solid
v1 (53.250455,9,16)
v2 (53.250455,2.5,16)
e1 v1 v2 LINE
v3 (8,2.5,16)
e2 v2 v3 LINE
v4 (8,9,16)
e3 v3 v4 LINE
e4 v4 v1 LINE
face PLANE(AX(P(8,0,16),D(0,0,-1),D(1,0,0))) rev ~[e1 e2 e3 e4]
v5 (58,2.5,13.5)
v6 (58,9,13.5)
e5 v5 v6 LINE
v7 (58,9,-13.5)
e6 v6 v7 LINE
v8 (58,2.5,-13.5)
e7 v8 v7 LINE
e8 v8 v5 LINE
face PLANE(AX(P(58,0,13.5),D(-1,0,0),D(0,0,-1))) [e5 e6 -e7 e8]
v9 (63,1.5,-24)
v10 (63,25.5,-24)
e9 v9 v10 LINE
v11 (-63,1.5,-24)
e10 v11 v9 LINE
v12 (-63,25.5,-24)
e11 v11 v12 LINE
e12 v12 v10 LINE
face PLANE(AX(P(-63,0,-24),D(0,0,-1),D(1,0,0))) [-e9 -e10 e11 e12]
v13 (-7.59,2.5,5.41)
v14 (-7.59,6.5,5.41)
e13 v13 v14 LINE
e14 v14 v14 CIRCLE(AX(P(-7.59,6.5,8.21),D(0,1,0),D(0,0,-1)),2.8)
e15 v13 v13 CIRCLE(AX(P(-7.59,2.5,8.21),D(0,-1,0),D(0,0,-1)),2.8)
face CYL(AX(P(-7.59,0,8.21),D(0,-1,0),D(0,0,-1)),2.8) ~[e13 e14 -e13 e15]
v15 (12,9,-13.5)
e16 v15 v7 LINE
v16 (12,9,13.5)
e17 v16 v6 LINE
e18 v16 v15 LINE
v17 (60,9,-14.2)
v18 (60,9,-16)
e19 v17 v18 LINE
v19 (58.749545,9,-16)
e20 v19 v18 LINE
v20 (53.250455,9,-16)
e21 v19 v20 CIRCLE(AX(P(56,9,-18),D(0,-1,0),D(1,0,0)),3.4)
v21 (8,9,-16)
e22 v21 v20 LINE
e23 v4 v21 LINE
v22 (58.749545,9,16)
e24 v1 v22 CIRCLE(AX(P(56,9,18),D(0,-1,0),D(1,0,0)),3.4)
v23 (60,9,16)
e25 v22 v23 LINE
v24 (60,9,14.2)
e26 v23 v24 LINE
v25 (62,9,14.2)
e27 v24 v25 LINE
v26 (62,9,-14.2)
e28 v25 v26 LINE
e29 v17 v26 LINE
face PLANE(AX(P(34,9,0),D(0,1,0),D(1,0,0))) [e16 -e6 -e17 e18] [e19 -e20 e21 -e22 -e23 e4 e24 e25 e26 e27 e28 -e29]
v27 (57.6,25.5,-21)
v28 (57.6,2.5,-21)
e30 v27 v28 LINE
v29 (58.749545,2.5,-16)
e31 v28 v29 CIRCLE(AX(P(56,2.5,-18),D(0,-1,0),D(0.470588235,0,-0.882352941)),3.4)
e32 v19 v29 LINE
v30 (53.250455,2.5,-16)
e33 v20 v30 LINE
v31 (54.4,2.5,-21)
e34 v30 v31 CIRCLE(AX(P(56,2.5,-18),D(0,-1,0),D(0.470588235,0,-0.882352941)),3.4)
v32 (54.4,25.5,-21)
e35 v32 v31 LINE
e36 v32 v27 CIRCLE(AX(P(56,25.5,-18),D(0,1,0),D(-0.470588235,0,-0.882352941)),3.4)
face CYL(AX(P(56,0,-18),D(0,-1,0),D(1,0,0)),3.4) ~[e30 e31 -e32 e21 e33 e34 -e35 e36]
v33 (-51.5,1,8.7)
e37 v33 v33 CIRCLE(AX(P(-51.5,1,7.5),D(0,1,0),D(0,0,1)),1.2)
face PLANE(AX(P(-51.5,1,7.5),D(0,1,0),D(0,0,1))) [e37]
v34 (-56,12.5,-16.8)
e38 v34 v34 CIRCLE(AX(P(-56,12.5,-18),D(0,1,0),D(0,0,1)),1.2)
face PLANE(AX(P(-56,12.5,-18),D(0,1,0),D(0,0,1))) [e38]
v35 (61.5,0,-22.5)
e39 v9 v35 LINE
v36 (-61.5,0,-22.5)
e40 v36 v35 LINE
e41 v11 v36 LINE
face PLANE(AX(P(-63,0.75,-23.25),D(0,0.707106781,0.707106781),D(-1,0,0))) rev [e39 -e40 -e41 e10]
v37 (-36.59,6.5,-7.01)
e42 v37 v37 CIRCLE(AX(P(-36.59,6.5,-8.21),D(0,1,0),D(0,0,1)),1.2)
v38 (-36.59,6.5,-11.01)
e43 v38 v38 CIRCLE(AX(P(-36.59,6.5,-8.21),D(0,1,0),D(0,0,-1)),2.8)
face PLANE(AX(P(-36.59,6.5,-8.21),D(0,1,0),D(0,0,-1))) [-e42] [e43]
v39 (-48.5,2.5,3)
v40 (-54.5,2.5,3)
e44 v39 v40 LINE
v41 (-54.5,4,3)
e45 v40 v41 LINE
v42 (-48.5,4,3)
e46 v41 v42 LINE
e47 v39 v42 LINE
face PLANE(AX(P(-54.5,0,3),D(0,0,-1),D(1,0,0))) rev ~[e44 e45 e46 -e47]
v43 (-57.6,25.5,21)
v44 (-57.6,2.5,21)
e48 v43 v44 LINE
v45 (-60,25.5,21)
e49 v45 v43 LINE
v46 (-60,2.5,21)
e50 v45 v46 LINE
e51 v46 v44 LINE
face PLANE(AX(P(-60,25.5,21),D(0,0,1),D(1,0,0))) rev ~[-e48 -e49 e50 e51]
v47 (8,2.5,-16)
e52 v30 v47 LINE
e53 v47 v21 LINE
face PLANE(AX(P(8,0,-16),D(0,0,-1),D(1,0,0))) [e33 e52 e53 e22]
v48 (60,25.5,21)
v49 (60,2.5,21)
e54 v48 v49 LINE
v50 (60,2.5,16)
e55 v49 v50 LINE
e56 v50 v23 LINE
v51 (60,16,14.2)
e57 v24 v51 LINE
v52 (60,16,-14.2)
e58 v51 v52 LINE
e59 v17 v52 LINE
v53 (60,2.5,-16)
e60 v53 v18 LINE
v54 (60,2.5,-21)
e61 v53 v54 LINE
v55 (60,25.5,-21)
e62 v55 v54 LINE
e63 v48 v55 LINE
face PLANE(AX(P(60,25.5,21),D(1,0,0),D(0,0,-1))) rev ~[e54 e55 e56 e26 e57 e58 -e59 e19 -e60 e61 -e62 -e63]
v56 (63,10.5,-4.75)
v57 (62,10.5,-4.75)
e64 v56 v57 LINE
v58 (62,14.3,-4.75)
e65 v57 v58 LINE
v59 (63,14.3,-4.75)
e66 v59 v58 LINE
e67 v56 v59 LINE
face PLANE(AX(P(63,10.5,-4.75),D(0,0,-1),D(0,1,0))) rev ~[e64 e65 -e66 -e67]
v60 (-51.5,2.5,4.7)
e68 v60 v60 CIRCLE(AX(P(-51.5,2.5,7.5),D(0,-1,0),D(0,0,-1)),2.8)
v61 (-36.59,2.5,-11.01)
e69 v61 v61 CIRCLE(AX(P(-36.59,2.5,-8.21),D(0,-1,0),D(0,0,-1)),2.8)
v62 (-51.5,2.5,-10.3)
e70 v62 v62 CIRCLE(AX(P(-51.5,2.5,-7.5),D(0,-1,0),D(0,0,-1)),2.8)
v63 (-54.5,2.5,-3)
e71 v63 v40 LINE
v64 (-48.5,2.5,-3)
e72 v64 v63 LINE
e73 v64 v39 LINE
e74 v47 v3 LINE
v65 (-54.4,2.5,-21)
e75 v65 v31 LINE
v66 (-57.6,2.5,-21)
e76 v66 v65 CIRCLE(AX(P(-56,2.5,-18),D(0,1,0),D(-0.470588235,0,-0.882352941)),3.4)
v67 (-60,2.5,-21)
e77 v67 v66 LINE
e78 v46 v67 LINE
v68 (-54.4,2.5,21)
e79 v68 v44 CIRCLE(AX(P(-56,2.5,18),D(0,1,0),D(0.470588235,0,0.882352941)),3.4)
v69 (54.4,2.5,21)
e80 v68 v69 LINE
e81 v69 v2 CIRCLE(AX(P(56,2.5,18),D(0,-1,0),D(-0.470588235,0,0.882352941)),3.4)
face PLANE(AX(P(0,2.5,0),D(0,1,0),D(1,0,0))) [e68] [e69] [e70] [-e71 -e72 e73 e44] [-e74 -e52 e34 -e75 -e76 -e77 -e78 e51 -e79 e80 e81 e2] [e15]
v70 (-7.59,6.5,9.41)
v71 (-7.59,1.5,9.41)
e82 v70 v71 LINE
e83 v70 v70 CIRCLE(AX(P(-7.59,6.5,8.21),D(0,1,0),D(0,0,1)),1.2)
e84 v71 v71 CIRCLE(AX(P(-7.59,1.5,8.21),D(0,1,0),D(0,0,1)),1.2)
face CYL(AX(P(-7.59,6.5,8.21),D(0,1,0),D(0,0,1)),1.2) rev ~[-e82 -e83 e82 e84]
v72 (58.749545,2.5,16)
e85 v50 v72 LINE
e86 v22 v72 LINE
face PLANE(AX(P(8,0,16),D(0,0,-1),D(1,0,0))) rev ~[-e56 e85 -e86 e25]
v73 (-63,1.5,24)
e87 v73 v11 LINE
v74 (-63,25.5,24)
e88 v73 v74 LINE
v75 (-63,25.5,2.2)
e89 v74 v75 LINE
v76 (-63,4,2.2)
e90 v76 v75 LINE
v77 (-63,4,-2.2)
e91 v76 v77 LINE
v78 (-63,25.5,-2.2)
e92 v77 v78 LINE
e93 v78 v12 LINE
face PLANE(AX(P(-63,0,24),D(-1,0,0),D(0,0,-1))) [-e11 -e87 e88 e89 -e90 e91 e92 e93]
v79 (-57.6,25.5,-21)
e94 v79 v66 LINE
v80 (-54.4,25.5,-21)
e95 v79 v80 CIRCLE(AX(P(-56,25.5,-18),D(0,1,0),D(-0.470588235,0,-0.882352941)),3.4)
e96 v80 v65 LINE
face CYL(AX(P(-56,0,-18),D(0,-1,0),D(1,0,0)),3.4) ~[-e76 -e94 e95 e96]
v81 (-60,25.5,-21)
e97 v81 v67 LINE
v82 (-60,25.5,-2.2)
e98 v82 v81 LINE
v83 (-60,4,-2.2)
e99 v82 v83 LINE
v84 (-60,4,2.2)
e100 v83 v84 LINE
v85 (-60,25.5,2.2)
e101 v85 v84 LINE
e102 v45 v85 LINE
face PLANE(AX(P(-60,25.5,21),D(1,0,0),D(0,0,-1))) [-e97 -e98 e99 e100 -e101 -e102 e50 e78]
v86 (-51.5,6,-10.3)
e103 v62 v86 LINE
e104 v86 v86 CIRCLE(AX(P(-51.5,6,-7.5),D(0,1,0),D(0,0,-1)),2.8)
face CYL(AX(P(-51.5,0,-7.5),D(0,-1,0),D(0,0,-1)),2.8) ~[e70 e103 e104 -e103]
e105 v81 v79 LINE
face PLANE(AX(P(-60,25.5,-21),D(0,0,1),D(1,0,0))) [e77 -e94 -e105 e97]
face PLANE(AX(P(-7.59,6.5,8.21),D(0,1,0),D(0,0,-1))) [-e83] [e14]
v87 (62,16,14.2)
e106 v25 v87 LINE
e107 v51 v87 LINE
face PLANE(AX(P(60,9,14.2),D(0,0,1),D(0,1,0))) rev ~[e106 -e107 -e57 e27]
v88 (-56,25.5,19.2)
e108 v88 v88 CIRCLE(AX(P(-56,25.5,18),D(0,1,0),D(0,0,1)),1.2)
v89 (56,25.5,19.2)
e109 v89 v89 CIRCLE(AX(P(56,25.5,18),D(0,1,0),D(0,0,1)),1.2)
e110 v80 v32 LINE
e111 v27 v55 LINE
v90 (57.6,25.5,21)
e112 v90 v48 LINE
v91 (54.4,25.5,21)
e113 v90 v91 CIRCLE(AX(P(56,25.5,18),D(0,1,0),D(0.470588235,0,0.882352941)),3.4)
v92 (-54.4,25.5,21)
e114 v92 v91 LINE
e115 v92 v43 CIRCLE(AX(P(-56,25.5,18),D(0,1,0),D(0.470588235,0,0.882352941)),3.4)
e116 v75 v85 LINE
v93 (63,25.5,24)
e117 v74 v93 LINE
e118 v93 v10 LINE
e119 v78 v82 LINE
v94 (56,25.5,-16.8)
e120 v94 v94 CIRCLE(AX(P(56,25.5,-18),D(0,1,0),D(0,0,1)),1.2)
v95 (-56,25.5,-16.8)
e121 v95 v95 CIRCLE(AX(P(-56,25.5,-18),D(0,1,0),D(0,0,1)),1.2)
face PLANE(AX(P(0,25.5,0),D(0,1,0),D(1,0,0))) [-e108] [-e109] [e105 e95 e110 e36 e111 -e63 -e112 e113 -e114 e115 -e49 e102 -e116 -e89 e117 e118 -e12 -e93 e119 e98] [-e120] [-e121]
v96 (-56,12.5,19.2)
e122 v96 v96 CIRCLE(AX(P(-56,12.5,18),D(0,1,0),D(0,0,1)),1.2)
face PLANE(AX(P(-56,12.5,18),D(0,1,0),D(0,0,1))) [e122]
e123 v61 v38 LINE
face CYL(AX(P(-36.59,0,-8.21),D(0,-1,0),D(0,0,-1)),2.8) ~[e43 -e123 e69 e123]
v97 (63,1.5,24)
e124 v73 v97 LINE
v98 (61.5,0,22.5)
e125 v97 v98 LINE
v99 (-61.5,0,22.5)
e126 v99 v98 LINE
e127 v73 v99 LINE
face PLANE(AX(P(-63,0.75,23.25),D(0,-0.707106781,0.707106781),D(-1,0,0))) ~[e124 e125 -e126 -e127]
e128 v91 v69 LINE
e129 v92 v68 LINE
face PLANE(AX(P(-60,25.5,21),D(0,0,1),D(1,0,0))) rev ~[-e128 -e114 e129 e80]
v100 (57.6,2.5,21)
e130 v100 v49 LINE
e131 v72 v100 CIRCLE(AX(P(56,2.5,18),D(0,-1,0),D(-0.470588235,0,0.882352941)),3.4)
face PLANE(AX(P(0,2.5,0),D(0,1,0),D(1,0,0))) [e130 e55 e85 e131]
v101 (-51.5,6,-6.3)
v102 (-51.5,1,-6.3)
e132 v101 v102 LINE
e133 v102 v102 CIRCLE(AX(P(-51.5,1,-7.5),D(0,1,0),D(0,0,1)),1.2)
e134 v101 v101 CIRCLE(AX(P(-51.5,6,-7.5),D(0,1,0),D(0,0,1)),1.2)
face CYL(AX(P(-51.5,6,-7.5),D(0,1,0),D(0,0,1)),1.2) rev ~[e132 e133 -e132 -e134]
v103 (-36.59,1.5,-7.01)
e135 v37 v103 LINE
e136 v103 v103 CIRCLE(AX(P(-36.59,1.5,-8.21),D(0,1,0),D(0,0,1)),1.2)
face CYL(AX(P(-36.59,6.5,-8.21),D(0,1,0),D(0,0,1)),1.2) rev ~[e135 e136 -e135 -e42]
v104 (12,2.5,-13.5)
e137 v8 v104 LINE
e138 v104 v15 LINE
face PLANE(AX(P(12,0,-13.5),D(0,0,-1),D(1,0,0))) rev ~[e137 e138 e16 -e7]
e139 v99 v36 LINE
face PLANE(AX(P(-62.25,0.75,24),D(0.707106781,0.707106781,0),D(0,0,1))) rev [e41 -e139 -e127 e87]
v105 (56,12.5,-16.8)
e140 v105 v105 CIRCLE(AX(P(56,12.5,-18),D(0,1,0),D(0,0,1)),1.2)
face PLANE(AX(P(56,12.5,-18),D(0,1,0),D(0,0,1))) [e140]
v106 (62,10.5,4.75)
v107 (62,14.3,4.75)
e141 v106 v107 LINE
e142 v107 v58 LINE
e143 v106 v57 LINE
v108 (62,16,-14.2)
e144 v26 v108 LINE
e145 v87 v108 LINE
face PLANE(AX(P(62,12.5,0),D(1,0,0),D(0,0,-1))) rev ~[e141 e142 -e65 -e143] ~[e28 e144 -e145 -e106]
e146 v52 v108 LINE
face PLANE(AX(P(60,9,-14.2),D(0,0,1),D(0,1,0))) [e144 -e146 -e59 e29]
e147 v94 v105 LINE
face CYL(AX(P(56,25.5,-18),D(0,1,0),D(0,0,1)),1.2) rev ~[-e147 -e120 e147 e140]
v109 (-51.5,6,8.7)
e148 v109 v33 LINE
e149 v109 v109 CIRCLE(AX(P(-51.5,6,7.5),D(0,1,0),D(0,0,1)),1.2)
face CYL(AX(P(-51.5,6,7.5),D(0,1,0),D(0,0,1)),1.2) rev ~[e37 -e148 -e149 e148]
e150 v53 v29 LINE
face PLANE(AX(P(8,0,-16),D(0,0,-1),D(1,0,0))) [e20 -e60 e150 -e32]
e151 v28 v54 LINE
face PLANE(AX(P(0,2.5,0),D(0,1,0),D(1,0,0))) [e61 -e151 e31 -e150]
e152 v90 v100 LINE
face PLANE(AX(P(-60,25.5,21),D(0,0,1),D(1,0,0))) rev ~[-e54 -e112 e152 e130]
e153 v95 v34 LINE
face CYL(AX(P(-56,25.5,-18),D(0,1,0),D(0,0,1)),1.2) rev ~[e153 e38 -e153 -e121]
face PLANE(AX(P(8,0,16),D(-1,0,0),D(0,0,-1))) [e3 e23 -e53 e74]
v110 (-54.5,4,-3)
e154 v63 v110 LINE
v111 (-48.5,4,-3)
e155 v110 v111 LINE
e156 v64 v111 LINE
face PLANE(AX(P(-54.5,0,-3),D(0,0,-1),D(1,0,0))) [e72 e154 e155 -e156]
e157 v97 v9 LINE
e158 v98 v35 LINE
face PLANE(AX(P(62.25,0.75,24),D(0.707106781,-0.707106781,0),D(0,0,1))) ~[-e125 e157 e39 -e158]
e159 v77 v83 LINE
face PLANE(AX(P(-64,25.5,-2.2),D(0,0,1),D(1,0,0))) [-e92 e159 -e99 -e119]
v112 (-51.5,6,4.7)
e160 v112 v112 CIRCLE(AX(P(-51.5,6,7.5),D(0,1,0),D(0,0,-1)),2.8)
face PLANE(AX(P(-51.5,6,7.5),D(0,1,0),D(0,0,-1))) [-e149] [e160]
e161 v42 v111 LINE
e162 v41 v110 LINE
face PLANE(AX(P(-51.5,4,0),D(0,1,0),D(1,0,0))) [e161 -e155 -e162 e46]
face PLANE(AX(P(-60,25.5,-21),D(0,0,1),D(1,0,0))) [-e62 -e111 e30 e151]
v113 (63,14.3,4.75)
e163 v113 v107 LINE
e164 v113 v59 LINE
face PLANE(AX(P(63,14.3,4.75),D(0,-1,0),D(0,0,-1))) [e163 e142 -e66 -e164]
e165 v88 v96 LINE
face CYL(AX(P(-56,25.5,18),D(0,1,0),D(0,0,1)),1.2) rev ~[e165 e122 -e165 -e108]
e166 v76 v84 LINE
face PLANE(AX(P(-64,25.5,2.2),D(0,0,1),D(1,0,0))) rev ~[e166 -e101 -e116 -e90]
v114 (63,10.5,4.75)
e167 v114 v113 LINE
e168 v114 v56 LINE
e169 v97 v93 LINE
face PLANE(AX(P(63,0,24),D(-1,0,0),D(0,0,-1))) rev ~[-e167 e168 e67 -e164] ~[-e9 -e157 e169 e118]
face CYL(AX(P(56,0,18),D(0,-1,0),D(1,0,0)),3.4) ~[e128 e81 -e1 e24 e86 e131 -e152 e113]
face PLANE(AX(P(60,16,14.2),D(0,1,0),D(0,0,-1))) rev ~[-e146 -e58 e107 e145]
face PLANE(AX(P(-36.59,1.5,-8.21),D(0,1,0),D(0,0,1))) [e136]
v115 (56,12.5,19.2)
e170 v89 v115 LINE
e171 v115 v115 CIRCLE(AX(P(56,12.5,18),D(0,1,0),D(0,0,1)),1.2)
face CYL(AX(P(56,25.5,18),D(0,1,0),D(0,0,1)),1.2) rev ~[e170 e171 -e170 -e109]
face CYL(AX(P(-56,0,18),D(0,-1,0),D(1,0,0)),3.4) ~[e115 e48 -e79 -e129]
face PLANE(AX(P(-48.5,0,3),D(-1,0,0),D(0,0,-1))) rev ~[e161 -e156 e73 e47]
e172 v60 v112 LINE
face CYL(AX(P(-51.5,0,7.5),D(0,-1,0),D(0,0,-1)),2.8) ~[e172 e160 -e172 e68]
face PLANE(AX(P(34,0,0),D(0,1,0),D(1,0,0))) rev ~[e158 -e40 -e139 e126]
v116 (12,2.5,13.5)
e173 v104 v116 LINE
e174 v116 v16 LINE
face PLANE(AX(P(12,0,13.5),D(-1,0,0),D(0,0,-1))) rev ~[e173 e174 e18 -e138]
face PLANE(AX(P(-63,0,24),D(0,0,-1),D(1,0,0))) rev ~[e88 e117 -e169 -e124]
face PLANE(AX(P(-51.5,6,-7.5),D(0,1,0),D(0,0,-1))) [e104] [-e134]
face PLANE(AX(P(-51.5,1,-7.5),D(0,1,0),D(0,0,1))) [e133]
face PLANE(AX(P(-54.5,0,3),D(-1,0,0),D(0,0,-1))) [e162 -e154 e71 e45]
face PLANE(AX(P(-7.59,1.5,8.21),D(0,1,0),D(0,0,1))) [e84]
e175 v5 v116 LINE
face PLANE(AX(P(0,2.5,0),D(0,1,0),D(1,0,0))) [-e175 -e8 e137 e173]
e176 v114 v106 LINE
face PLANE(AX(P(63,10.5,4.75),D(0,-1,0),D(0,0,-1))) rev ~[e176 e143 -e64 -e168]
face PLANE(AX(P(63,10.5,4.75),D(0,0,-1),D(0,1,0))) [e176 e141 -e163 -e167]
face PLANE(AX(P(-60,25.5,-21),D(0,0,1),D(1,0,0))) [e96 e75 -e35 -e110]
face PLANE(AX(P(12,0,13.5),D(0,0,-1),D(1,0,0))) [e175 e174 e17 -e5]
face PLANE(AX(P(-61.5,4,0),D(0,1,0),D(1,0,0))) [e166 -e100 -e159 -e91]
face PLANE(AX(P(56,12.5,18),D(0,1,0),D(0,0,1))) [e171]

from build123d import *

# Parameters (mm, degrees)
SKETCH1_W           = 126
SKETCH1_H           = 48
BOSS_EXTRUDE1_DEPTH = 25.5
CHAMFER1_SIZE       = 1.5
SKETCH2_W           = 120
SKETCH2_H           = 42
CUT_EXTRUDE1_DEPTH  = 23
SKETCH3_R           = 3.4
BOSS_EXTRUDE2_DEPTH = 25.5
SKETCH4_R           = 1.2
CUT_EXTRUDE2_DEPTH  = 13
SKETCH5_R           = 2.8
BOSS_EXTRUDE3_DEPTH = 6.5
SKETCH6_R           = 1.2
CUT_EXTRUDE3_DEPTH  = 5
SKETCH7_R           = 2.8
BOSS_EXTRUDE4_DEPTH = 6
SKETCH8_W           = 6
SKETCH8_H           = 6
BOSS_EXTRUDE5_DEPTH = 4
SKETCH9_R           = 1.2
CUT_EXTRUDE4_DEPTH  = 5
SKETCH10_W          = 5
SKETCH10_H          = 4.4
CUT_EXTRUDE5_DEPTH  = 21.5
SKETCH11_W          = 52
SKETCH11_H          = 32
SKETCH11_W_2        = 46
SKETCH11_H_2        = 27
BOSS_EXTRUDE6_DEPTH = 9
SKETCH12_W          = 28.4
SKETCH12_H          = 7
CUT_EXTRUDE7_DEPTH  = 2
SKETCH13_W          = 9.5
SKETCH13_H          = 3.8
CUT_EXTRUDE8_DEPTH  = 2


with BuildPart() as part:
    # Sketch1 → Boss-Extrude1 (new body)
    with BuildSketch(Plane(origin=(0, 0, 0), x_dir=(1, 0, 0), z_dir=(0, 1, 0))):
        Rectangle(SKETCH1_W, SKETCH1_H)
    extrude(amount=BOSS_EXTRUDE1_DEPTH)

    # Chamfer1
    chamfer1_edges = [part.edges().sort_by_distance(p)[0] for p in [
        (0, 0, -24),
        (63, 0, 0),
        (0, 0, 24),
        (-63, 0, 0),
    ]]
    chamfer(chamfer1_edges, length=CHAMFER1_SIZE)

    # Sketch2 → Cut-Extrude1 (cut)
    with BuildSketch(Plane(origin=(0, 25.5, 0), x_dir=(1, 0, 0), z_dir=(0, 1, 0))):
        Rectangle(SKETCH2_W, SKETCH2_H)
    extrude(amount=-CUT_EXTRUDE1_DEPTH, mode=Mode.SUBTRACT)

    # Sketch3 → Boss-Extrude2 (add)
    with BuildSketch(Plane(origin=(0, 0, 0), x_dir=(1, 0, 0), z_dir=(0, 1, 0))):
        with Locations((-56, 18)):
            Circle(SKETCH3_R)
        with Locations((-56, -18)):
            Circle(SKETCH3_R)
        with Locations((56, 18)):
            Circle(SKETCH3_R)
        with Locations((56, -18)):
            Circle(SKETCH3_R)
    extrude(amount=BOSS_EXTRUDE2_DEPTH)

    # Sketch4 → Cut-Extrude2 (cut)
    with BuildSketch(Plane(origin=(0, 25.5, 0), x_dir=(1, 0, 0), z_dir=(0, 1, 0))):
        with Locations(Location((-56, 18, 0), (0, 0, 270))):
            Circle(SKETCH4_R)
        with Locations(Location((-56, -18, 0), (0, 0, 270))):
            Circle(SKETCH4_R)
        with Locations(Location((56, 18, 0), (0, 0, 270))):
            Circle(SKETCH4_R)
        with Locations(Location((56, -18, 0), (0, 0, 270))):
            Circle(SKETCH4_R)
    extrude(amount=-CUT_EXTRUDE2_DEPTH, mode=Mode.SUBTRACT)

    # Sketch5 → Boss-Extrude3 (add)
    with BuildSketch(Plane(origin=(0, 0, 0), x_dir=(1, 0, 0), z_dir=(0, 1, 0))):
        with Locations(Location((-36.59, 8.21, 0), (0, 0, 90))):
            Circle(SKETCH5_R)
        with Locations(Location((-7.59, -8.21, 0), (0, 0, 90))):
            Circle(SKETCH5_R)
    extrude(amount=BOSS_EXTRUDE3_DEPTH)

    # Sketch6 → Cut-Extrude3 (cut)
    with BuildSketch(Plane(origin=(0, 6.5, 0), x_dir=(1, 0, 0), z_dir=(0, 1, 0))):
        with Locations(Location((-36.59, 8.21, 0), (0, 0, 270))):
            Circle(SKETCH6_R)
        with Locations(Location((-7.59, -8.21, 0), (0, 0, 270))):
            Circle(SKETCH6_R)
    extrude(amount=-CUT_EXTRUDE3_DEPTH, mode=Mode.SUBTRACT)

    # Sketch7 → Boss-Extrude4 (add)
    with BuildSketch(Plane(origin=(0, 0, 0), x_dir=(1, 0, 0), z_dir=(0, 1, 0))):
        with Locations(Location((-51.5, 7.5, 0), (0, 0, 90))):
            Circle(SKETCH7_R)
        with Locations(Location((-51.5, -7.5, 0), (0, 0, 90))):
            Circle(SKETCH7_R)
    extrude(amount=BOSS_EXTRUDE4_DEPTH)

    # Sketch8 → Boss-Extrude5 (add)
    with BuildSketch(Plane(origin=(0, 0, 0), x_dir=(1, 0, 0), z_dir=(0, 1, 0))):
        with Locations((-51.5, 0)):
            Rectangle(SKETCH8_W, SKETCH8_H)
    extrude(amount=BOSS_EXTRUDE5_DEPTH)

    # Sketch9 → Cut-Extrude4 (cut)
    with BuildSketch(Plane(origin=(0, 6, 0), x_dir=(1, 0, 0), z_dir=(0, 1, 0))):
        with Locations(Location((-51.5, 7.5, 0), (0, 0, 270))):
            Circle(SKETCH9_R)
        with Locations(Location((-51.5, -7.5, 0), (0, 0, 270))):
            Circle(SKETCH9_R)
    extrude(amount=-CUT_EXTRUDE4_DEPTH, mode=Mode.SUBTRACT)

    # Sketch10 → Cut-Extrude5 (cut)
    with BuildSketch(Plane(origin=(0, 25.5, 0), x_dir=(1, 0, 0), z_dir=(0, 1, 0))):
        with Locations((-61.5, 0)):
            Rectangle(SKETCH10_W, SKETCH10_H)
    extrude(amount=-CUT_EXTRUDE5_DEPTH, mode=Mode.SUBTRACT)

    # Sketch11 → Boss-Extrude6 (add)
    with BuildSketch(Plane(origin=(0, 0, 0), x_dir=(1, 0, 0), z_dir=(0, 1, 0))):
        with Locations((34, 0)):
            Rectangle(SKETCH11_W, SKETCH11_H)
        with Locations((35, 0)):
            Rectangle(SKETCH11_W_2, SKETCH11_H_2, mode=Mode.SUBTRACT)
    extrude(amount=BOSS_EXTRUDE6_DEPTH)

    # Sketch12 → Cut-Extrude7 (cut)
    with BuildSketch(Plane(origin=(60, 0, 0), x_dir=(0, 0, -1), z_dir=(1, 0, 0))):
        with Locations((0, 12.5)):
            Rectangle(SKETCH12_W, SKETCH12_H)
    extrude(amount=CUT_EXTRUDE7_DEPTH, mode=Mode.SUBTRACT)

    # Sketch13 → Cut-Extrude8 (cut)
    with BuildSketch(Plane(origin=(63, 0, 0), x_dir=(0, 0, -1), z_dir=(1, 0, 0))):
        with Locations((0, 12.4)):
            Rectangle(SKETCH13_W, SKETCH13_H)
    extrude(amount=-CUT_EXTRUDE8_DEPTH, mode=Mode.SUBTRACT)


solid = part.part
